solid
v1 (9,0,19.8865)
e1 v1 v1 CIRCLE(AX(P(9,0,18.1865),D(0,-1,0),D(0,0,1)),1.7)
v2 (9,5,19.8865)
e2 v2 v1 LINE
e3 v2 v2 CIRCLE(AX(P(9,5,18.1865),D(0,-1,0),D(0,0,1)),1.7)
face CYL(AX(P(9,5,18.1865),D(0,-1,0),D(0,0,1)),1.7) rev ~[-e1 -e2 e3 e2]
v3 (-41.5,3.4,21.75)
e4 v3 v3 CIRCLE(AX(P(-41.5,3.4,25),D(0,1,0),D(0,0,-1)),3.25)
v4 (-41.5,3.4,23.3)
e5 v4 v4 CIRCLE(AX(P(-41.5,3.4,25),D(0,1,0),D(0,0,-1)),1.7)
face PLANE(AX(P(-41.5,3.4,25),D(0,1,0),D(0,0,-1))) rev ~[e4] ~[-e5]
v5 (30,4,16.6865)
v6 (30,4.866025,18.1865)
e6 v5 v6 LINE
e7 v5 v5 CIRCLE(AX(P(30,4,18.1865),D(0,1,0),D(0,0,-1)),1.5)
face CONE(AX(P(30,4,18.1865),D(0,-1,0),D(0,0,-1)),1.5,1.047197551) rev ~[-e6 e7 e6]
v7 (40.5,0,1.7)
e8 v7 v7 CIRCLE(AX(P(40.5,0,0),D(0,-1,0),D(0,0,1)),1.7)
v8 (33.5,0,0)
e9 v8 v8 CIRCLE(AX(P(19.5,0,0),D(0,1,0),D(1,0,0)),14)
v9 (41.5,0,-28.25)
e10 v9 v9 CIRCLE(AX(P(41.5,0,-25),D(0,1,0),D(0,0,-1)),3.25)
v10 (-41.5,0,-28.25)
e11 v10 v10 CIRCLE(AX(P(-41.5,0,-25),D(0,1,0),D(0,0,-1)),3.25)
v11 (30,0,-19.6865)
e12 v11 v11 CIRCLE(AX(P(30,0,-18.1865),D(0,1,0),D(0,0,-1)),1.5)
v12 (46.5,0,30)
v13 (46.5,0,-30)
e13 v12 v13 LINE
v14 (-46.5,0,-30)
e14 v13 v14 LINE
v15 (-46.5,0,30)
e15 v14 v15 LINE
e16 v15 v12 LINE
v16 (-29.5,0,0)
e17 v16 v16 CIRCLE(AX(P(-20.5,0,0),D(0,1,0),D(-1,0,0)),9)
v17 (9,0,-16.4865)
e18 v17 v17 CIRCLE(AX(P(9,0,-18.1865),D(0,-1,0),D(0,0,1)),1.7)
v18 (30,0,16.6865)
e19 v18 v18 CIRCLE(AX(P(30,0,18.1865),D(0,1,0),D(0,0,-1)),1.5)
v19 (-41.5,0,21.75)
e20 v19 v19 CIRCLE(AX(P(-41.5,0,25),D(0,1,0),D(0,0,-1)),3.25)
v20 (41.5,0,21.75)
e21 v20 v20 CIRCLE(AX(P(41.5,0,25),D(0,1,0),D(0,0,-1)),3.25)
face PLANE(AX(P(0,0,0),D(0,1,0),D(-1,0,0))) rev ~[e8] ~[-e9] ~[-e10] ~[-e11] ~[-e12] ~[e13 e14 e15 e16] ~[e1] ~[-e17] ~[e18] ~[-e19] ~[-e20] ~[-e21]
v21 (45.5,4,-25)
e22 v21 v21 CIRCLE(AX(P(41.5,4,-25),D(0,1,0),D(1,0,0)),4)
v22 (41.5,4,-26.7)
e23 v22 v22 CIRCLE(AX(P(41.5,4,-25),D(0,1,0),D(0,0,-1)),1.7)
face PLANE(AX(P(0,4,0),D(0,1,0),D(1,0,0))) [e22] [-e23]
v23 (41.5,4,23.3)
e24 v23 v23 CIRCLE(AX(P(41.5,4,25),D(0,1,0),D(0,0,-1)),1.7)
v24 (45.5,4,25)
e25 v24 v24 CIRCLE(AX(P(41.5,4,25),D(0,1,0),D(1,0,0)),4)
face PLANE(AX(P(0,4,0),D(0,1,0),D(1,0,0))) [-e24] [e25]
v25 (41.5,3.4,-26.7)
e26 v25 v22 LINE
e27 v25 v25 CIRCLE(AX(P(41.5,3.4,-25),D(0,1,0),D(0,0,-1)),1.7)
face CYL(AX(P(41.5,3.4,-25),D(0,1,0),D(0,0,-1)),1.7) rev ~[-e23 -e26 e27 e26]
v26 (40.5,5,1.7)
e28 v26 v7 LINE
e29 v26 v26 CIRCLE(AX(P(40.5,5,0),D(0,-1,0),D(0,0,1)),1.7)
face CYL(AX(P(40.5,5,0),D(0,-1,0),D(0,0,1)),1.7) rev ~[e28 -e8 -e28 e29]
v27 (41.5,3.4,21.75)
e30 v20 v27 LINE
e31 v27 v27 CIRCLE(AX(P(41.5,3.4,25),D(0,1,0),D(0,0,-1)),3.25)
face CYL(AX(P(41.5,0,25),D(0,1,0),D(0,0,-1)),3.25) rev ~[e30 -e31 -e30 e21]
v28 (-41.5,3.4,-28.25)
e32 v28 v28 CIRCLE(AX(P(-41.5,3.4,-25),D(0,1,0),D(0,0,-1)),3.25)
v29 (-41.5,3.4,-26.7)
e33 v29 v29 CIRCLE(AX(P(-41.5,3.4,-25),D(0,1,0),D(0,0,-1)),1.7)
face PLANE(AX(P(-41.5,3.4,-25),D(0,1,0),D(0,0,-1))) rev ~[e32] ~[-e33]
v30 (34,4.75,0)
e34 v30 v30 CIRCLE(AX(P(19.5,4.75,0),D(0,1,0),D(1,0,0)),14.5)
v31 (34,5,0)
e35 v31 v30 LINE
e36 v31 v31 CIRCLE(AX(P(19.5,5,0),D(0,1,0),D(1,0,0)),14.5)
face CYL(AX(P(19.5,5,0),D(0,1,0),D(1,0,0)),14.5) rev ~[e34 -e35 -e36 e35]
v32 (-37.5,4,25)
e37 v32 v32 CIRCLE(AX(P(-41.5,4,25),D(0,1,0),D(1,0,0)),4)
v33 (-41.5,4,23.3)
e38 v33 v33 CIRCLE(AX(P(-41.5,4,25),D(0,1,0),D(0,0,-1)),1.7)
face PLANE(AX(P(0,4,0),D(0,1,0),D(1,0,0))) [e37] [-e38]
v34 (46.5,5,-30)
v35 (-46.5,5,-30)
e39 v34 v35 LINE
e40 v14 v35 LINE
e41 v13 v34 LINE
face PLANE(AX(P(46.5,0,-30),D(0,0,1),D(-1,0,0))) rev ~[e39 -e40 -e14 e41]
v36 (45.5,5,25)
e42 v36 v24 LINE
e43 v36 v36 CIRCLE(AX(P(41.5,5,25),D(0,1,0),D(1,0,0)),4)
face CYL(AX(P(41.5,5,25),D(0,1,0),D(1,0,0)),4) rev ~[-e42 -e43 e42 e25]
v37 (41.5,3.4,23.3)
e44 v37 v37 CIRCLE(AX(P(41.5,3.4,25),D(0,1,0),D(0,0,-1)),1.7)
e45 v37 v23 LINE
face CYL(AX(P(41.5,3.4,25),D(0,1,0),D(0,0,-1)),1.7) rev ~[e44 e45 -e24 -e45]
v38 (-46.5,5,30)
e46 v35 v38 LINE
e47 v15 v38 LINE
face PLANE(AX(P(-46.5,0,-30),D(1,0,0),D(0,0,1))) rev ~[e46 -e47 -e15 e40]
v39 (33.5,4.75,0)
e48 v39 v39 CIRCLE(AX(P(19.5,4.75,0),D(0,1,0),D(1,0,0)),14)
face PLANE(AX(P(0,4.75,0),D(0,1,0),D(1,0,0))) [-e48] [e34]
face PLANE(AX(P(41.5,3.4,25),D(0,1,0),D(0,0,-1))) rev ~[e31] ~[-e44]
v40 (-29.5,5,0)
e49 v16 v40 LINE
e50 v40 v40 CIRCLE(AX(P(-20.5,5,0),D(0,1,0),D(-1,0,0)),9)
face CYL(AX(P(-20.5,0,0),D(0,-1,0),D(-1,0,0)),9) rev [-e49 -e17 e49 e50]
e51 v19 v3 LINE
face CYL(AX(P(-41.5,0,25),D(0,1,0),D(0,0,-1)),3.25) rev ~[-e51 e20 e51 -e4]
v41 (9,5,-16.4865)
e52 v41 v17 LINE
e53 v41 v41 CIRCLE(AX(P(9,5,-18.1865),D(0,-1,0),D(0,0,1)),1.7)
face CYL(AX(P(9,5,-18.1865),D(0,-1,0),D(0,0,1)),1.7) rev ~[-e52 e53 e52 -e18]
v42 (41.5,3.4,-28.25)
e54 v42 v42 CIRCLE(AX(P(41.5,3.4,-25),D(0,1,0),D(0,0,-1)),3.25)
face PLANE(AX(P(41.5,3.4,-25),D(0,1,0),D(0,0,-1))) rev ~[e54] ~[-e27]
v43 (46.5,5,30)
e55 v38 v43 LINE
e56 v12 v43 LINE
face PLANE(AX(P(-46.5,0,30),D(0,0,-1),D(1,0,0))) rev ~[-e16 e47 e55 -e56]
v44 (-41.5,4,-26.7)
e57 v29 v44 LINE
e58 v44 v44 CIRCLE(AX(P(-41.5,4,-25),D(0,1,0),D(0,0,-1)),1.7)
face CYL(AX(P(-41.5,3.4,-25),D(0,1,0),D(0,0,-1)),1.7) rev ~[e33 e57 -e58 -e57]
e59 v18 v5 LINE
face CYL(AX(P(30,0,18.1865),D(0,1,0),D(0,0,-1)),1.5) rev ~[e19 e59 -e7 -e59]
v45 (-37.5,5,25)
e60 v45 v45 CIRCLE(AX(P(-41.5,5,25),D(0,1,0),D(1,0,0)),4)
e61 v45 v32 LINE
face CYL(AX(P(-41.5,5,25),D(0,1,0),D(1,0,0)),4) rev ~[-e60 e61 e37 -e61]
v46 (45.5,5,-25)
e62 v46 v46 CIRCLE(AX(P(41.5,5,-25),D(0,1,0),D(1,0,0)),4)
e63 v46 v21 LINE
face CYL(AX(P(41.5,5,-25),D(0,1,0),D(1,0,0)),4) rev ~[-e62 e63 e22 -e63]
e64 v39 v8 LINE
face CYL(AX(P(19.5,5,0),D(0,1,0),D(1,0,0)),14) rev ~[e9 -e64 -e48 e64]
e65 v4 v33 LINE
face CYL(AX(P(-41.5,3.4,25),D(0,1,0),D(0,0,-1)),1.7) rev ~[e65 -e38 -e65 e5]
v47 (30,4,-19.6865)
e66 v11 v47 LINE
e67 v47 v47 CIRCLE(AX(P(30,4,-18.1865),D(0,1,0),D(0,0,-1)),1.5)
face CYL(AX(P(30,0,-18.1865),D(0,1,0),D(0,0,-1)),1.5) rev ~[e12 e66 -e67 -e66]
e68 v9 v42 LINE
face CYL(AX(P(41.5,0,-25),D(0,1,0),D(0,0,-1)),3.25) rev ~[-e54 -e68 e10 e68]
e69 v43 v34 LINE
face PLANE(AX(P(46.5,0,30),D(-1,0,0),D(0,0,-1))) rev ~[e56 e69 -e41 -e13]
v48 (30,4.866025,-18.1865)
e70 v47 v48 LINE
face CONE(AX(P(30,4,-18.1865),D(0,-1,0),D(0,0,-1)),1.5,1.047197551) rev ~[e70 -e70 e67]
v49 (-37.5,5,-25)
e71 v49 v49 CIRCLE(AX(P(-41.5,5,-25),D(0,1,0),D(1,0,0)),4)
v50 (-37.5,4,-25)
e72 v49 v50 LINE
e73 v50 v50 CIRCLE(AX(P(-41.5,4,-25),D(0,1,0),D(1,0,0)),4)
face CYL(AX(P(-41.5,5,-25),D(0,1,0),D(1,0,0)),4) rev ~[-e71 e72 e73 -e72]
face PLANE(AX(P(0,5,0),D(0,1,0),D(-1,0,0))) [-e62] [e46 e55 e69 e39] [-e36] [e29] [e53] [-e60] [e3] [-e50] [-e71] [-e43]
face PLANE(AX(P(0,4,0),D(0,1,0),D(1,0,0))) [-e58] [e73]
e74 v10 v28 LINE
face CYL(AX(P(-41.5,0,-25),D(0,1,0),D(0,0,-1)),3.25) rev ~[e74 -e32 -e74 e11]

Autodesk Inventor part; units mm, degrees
ref_plane "YZ Plane" through (0, 0, 0) normal (1, 0, 0) x (0, 1, 0)
ref_plane "XZ Plane" through (0, 0, 0) normal (0, 1, 0) x (-1, 0, 0)
ref_plane "XY Plane" through (0, 0, 0) normal (0, 0, 1) x (1, 0, 0)
sketch "Sketch1" plane through (0, 0, 0) normal (0, 1, 0) x (-1, 0, 0)
  line L0 (46.5, 30) -> (-46.5, 30)
  line L1 (-46.5, 30) -> (-46.5, -30)
  line L2 (-46.5, -30) -> (46.5, -30)
  line L3 (46.5, -30) -> (46.5, 30)
  line L4 (46.5, 30) -> (-46.5, -30) construction
  line L5 (-46.5, 30) -> (46.5, -30) construction
  circle A0 centre (20.5, 0) radius 9
  circle A1 centre (-19.5, 0) radius 12.5
  line L6 (152.1746, 0) -> (-152.1746, 0) construction
  line L7 (0, 58.0523) -> (0, -58.0523) construction
  point P0 (0, 0)
  dimension "d0" = 93
  dimension "d1" = 18
  dimension "d2" = 25
  dimension "d3" = 26
  dimension "d4" = 60
  dimension "d5" = 27
extrude "Extrusion1" add sketch "Sketch1" along normal blind 5
sketch "Sketch2" plane through (0, 0, 0) normal (0, -1, 0) x (1, 0, 0)
  line L0 (41.5, 25) -> (-41.5, 25) construction
  line L1 (-41.5, 25) -> (-41.5, -25) construction
  line L2 (-41.5, -25) -> (41.5, -25) construction
  line L3 (41.5, -25) -> (41.5, 25) construction
  line L4 (41.5, 25) -> (-41.5, -25) construction
  line L5 (-41.5, 25) -> (41.5, -25) construction
  line L6 (46.5, -30) -> (-46.5, -30) construction
  line L7 (-46.5, -30) -> (-46.5, 30) construction
  point P0 (0, 0)
  dimension "d11" = 5
  dimension "d12" = 5
hole "Hole1" at (41.5, 0, -25) at (-41.5, 0, -25) at (-41.5, 0, 25) at (41.5, 0, 25) direction (0, 1, 0) diameter 3.4 end through all counterbore diameter 6.5 counterbore depth 3.4 clearance for "Socket Head Cap Screw ISO 4762" size "M3" standard "ISO"
sketch "Sketch3" plane through (0, 5, 0) normal (0, 1, 0) x (1, 0, 0)
  circle A0 centre (-41.5, 25) radius 1.7 projected
  circle A1 centre (-41.5, 25) radius 4
  circle A2 centre (41.5, -25) radius 1.7 projected
  circle A3 centre (-41.5, -25) radius 1.7 projected
  circle A4 centre (-41.5, 25) radius 1.7 projected
  circle A5 centre (41.5, 25) radius 1.7 projected
  line L0 (46.5, -30) -> (46.5, 30) projected
  line L1 (46.5, 30) -> (-46.5, 30) projected
  line L2 (-46.5, 30) -> (-46.5, -30) projected
  line L3 (-46.5, -30) -> (46.5, -30) projected
  circle A6 centre (41.5, 25) radius 4
  circle A7 centre (-41.5, -25) radius 4
  circle A8 centre (41.5, -25) radius 4
  point P0 (0, 0)
  dimension "d22" = 83
  dimension "d25" = 50
  dimension "d28" = 8
extrude "Extrusion2" cut sketch "Sketch3" against normal blind 1 contours A0 | A1 | A2 | A3 | A5 | A6 | A7 | A8
sketch "Sketch4" plane through (0, 5, 0) normal (0, 1, 0) x (1, 0, 0)
  circle A0 centre (41.5, -25) radius 4 projected
  circle A1 centre (41.5, 25) radius 4 projected
  circle A2 centre (-41.5, -25) radius 4 projected
  circle A3 centre (-41.5, 25) radius 4 projected
  line L0 (46.5, -30) -> (46.5, 30) projected
  line L1 (46.5, 30) -> (-46.5, 30) projected
  line L2 (-46.5, 30) -> (-46.5, -30) projected
  line L3 (-46.5, -30) -> (46.5, -30) projected
  circle A4 centre (-20.5, 0) radius 9 projected
  circle A5 centre (19.5, 0) radius 12.5 projected
  circle A6 centre (19.5, 0) radius 14
  point P0 (0, 0)
  dimension "d31" = 28
extrude "Extrusion3" cut sketch "Sketch4" against normal through all contours A6
sketch "Sketch6" plane through (0, 5, 0) normal (0, 1, 0) x (1, 0, 0)
  circle A0 centre (19.5, 0) radius 14 projected
  circle A1 centre (19.5, 0) radius 21 construction
  line L0 (-65.1, 0) -> (65.1, 0) projected
  line L1 (19.5, 0) -> (9, -18.1865) construction
  point P0 (40.5, 0)
  point P1 (9, 18.1865)
  dimension "d40" = 42
  dimension "d43" = 360
  dimension "d66" = 60
hole "Hole2" at (40.5, 5, 0) at (9, 5, -18.1865) at (9, 5, 18.1865) direction (0, -1, 0) diameter 3.4 end through all clearance for "Socket Head Cap Screw ISO 4762" size "M3" standard "ISO"
sketch "Sketch9" plane through (0, 0, 0) normal (0, -1, 0) x (1, 0, 0)
  circle A0 centre (19.5, 0) radius 12.5 projected
  circle A1 centre (19.5, 0) radius 21 construction
  line L0 (-65.1, 0) -> (65.1, 0) projected
  line L1 (-1.5, 0) -> (19.5, 0) construction
  point P0 (0, 0)
  point P1 (30, 18.1865)
  point P2 (30, -18.1865)
  dimension "d53" = 42
  dimension "d63" = 360
hole "Hole3" at (30, 0, 18.1865) at (30, 0, -18.1865) direction (0, 1, 0) diameter 3 depth 4 tip angle 120
sketch "Sketch10" plane through (0, 5, 0) normal (0, 1, 0) x (1, 0, 0)
  circle A0 centre (19.5, 0) radius 14 projected
  circle A1 centre (19.5, 0) radius 14.5
  point P0 (0, 0)
  dimension "d70" = 0.5
extrude "Extrusion5" cut sketch "Sketch10" against normal blind 0.25
properties part number "plate"
